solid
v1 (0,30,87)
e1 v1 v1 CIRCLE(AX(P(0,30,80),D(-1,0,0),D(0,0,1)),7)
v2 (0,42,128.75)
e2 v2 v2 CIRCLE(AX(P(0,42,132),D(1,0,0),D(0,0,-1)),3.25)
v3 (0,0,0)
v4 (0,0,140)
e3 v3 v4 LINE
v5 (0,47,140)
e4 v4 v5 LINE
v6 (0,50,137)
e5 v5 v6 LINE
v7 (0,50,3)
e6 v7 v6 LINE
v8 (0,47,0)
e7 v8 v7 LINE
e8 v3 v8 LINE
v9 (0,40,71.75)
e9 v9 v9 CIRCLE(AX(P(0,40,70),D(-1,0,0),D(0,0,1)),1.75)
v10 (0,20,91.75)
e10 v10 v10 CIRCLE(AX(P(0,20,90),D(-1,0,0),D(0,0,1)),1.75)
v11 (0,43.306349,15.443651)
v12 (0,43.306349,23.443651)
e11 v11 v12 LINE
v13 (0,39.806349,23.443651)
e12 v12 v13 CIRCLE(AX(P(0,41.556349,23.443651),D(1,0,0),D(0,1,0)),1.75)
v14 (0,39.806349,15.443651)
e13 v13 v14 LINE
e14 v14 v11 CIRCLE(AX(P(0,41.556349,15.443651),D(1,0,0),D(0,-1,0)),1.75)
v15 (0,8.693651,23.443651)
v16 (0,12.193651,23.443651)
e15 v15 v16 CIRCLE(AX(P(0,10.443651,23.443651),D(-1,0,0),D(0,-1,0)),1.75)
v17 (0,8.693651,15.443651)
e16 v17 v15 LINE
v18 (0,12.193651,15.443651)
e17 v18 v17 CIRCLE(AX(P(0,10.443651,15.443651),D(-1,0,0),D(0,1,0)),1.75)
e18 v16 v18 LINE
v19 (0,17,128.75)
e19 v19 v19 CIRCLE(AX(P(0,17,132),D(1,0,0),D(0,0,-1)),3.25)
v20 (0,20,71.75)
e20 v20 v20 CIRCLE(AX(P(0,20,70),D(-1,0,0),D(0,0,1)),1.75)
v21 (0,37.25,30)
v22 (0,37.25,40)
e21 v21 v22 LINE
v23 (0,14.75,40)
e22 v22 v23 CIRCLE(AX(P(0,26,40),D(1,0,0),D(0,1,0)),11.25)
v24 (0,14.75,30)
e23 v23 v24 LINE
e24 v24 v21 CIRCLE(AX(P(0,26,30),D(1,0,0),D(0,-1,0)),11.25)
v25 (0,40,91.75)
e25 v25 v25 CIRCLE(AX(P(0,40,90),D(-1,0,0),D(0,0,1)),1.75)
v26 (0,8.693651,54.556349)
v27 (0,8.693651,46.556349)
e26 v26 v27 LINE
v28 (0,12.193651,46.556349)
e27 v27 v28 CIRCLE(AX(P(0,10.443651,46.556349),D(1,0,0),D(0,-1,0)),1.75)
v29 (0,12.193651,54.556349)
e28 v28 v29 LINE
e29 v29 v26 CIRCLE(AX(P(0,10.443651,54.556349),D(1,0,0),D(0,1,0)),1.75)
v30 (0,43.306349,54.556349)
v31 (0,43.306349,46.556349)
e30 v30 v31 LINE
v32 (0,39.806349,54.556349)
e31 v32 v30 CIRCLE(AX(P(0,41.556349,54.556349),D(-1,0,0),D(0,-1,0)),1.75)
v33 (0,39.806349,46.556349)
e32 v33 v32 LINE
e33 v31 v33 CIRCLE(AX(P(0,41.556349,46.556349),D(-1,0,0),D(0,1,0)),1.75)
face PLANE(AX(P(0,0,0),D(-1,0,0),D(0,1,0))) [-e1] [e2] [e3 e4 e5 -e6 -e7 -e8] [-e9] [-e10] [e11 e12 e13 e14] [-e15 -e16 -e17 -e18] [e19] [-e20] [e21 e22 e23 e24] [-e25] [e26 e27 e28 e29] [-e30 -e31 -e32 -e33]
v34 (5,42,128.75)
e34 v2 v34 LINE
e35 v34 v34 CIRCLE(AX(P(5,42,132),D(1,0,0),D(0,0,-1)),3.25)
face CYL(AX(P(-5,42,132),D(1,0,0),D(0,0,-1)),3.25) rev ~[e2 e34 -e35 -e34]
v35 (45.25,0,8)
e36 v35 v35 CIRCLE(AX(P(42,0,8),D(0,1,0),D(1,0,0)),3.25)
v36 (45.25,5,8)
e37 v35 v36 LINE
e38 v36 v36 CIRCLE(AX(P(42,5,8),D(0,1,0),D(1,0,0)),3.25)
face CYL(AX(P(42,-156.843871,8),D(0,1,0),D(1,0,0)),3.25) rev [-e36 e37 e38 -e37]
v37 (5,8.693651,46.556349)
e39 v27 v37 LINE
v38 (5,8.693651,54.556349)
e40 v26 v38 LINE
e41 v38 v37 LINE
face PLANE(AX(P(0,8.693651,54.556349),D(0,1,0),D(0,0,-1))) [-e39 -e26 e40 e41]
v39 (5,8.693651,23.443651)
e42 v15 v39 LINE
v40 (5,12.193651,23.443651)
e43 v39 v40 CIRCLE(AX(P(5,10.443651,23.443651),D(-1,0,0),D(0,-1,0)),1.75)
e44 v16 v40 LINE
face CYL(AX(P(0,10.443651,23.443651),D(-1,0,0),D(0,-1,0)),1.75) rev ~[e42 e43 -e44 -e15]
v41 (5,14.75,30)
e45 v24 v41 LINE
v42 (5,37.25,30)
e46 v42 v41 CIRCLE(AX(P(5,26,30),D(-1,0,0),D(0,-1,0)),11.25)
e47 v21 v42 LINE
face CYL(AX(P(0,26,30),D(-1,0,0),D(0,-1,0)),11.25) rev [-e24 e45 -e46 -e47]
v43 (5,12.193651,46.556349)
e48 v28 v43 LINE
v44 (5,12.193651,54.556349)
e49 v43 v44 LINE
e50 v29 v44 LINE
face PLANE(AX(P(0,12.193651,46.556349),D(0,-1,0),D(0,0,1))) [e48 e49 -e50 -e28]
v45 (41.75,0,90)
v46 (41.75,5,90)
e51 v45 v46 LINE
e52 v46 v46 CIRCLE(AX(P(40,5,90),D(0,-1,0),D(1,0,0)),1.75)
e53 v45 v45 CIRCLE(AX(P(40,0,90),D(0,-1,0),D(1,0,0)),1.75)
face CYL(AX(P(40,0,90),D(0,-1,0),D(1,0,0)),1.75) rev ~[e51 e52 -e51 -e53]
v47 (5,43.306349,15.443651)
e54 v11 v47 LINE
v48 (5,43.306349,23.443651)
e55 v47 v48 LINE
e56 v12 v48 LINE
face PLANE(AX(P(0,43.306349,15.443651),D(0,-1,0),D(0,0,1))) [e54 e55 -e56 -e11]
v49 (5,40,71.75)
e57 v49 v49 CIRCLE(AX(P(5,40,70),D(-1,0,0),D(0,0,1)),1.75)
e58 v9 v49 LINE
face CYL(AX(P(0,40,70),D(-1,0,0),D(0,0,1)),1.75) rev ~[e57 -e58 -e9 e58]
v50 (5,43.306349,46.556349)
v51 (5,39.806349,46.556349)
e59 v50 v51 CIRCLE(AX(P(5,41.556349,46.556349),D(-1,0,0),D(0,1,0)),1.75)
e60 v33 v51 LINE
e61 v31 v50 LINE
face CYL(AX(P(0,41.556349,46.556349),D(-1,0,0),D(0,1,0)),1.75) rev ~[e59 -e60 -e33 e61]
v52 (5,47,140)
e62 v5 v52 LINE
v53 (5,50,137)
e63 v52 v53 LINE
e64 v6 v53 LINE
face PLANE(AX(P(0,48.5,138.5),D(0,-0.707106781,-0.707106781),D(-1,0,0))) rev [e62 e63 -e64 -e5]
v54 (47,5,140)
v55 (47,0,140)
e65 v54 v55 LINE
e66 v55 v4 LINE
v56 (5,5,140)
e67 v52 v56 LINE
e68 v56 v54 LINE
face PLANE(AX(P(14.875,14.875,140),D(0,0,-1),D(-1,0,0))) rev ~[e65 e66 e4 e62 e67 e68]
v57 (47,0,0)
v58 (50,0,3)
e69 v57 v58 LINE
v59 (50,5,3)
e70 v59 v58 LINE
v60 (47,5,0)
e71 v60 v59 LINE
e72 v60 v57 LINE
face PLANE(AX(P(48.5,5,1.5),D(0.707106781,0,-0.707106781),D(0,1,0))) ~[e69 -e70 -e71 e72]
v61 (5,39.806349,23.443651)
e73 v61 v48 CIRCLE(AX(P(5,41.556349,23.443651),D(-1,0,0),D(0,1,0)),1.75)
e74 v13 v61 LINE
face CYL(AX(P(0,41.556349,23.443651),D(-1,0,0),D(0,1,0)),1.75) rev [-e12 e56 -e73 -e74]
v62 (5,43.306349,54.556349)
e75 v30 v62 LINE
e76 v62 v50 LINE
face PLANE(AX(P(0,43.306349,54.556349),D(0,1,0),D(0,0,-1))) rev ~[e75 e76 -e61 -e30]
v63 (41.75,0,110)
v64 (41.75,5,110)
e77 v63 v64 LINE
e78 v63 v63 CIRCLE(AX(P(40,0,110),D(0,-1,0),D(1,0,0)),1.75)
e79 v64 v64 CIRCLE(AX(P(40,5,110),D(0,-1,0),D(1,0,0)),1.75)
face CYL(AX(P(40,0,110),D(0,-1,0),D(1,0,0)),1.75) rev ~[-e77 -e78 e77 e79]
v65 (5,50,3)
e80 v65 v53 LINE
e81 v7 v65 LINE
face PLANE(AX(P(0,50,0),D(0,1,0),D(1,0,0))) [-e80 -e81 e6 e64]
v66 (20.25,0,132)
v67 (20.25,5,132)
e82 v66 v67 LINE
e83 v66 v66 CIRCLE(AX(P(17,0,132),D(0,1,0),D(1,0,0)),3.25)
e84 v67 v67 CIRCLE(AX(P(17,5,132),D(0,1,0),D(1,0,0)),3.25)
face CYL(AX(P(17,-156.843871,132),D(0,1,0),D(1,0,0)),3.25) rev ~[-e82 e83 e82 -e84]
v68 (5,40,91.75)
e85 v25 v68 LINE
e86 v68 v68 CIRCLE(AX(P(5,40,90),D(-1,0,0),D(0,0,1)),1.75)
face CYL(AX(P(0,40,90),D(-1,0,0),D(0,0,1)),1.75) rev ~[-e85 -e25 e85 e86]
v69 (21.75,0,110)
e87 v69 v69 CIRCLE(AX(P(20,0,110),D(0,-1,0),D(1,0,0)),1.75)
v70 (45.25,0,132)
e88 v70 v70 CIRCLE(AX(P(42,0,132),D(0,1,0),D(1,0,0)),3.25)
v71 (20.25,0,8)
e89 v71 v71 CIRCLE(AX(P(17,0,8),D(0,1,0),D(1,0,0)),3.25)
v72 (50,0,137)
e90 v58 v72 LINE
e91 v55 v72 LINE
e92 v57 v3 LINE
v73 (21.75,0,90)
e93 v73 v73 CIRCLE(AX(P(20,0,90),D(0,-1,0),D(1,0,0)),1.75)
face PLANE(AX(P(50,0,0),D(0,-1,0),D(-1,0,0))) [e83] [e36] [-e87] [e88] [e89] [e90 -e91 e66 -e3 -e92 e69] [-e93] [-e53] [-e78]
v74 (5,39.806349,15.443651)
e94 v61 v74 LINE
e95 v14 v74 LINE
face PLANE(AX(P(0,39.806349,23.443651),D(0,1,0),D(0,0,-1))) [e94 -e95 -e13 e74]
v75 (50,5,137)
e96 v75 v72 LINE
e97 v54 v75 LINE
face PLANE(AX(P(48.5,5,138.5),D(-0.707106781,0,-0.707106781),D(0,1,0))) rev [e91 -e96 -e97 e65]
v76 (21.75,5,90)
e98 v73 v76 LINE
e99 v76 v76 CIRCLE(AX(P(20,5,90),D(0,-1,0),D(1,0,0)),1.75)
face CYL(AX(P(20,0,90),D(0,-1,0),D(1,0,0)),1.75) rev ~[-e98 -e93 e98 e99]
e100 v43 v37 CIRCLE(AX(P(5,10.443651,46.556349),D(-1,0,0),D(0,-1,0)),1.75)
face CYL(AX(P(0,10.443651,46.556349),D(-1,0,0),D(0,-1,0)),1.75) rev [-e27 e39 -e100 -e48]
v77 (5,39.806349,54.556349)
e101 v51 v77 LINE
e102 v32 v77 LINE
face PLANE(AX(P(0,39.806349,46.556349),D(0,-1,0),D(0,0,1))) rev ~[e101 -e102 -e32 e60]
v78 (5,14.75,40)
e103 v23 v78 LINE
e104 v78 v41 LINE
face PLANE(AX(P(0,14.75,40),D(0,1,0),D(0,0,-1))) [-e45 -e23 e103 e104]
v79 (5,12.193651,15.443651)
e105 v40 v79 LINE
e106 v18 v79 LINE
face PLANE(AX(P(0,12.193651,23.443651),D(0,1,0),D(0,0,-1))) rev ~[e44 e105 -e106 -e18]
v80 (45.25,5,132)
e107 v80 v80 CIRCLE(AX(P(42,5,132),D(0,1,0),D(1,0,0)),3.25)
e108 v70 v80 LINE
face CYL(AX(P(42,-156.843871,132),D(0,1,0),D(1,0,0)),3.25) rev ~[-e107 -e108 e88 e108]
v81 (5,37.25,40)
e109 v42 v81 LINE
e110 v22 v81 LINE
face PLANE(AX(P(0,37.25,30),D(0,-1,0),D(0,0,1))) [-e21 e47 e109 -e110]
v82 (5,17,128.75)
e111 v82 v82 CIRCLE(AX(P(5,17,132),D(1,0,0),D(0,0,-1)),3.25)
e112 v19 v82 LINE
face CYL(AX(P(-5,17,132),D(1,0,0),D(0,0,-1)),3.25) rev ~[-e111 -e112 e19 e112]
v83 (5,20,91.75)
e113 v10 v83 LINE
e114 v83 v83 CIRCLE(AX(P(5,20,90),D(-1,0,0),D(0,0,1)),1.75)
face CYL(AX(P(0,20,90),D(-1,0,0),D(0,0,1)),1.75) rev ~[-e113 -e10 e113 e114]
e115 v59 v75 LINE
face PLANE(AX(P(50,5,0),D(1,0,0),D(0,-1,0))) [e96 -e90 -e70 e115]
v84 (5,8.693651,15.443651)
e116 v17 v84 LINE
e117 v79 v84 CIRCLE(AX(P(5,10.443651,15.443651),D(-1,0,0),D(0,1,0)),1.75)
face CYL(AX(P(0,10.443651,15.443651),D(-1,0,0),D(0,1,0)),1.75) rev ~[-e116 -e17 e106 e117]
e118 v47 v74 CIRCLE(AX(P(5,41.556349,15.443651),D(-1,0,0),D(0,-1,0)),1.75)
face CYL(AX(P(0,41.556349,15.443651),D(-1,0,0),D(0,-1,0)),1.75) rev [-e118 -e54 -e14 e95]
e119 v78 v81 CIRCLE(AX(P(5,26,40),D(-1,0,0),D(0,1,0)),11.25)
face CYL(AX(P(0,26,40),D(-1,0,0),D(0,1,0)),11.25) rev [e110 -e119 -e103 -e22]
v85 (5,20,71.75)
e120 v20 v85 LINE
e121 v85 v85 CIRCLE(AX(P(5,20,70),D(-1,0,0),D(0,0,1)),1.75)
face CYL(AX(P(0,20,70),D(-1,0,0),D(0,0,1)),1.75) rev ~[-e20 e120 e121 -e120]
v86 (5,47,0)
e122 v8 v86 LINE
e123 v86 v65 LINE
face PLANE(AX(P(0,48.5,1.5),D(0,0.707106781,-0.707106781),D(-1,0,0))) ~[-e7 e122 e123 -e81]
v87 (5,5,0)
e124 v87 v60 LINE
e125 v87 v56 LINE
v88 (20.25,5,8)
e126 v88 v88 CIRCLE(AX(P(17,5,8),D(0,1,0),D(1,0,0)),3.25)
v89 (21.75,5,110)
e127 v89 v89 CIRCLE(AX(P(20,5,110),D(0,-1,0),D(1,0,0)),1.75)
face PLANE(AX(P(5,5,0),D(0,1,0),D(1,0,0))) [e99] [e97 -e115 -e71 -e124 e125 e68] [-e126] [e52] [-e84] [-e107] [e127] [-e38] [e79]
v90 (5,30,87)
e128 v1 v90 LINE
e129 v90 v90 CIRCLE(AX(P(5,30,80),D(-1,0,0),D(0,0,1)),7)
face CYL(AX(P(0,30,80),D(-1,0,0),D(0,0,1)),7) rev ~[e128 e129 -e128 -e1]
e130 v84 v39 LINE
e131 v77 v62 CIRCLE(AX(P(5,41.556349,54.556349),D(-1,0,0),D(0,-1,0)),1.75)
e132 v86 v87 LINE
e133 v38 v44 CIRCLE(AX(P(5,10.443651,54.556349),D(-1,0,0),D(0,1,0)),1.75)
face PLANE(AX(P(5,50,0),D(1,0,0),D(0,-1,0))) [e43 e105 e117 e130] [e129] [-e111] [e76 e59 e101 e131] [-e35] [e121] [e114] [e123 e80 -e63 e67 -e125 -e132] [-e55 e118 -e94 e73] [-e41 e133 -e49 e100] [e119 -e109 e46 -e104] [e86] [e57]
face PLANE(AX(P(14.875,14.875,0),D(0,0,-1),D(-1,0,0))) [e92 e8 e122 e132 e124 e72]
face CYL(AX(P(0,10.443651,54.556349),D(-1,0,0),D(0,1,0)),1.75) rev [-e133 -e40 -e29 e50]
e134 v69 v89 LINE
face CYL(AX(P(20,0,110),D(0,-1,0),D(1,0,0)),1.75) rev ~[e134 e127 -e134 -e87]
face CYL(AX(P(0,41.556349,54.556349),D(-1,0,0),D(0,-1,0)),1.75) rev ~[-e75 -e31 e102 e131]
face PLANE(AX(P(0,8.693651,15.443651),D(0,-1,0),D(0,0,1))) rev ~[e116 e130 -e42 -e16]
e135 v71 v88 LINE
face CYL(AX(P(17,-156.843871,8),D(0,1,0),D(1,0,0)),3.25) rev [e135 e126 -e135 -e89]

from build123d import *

# Parameters (mm, degrees)
ESTRUSIONE_ESTRUSIONE1_DEPTH = 140
FORO_6_5_6_5_1_D             = 6.5
FORO_6_5_6_5_2_D             = 6.5
FORO_6_5_6_5_2_DEPTH         = 5
FORO_6_5_6_5_2_TIP           = 1.952797012
TAGLIO_ESTRUSIONE3_REACH     = 158.844
SCHIZZO10_R                  = 1.75
SCHIZZO10_R_2                = 7
TAGLIO_ESTRUSIONE4_REACH     = 158.844
SCHIZZO11_R                  = 1.75
TAGLIO_ESTRUSIONE6_REACH     = 158.844
SMUSSO1_SIZE                 = 3


with BuildPart() as part:
    # Schizzo1 → Estrusione-Estrusione1 (new body)
    with BuildSketch(Plane.XY):
        Polygon((0, 0), (0, 50), (5, 50), (5, 5), (50, 5), (50, 0), align=None)
    extrude(amount=ESTRUSIONE_ESTRUSIONE1_DEPTH)

    # Foro Ø6.5 (6.5)-1 (through all)
    with Locations(Plane(origin=(0, 0, 0), x_dir=(-1, 0, 0), z_dir=(0, -1, 0))):
        with Locations((-17, -132), (-42, -132)):
            foro_6_5_6_5_1 = Hole(FORO_6_5_6_5_1_D / 2)

    # Foro Ø6.5 (6.5)-2
    with Locations(Plane.ZY):
        with Locations((132, 42), (132, 17)):
            Hole(FORO_6_5_6_5_2_D / 2, depth=FORO_6_5_6_5_2_DEPTH)
            with Locations((0, 0, -(FORO_6_5_6_5_2_DEPTH + FORO_6_5_6_5_2_TIP / 2))):  # 118° drill point
                Cone(0, FORO_6_5_6_5_2_D / 2, FORO_6_5_6_5_2_TIP, mode=Mode.SUBTRACT)

    # Specchia1: Foro Ø6.5 (6.5)-1 across plane
    add(foro_6_5_6_5_1.mirror(Plane.XY.offset(70)), mode=Mode.SUBTRACT)

    # Schizzo10 → Taglio-Estrusione3 (cut, up to next)
    with BuildSketch(Plane.ZY, mode=Mode.PRIVATE) as taglio_estrusione3_sk1:
        with Locations((70, 40)):
            Circle(SCHIZZO10_R)
    taglio_estrusione3_tool1 = extrude(taglio_estrusione3_sk1.sketch, amount=-TAGLIO_ESTRUSIONE3_REACH, mode=Mode.PRIVATE) & part.part
    # Schizzo10 → Taglio-Estrusione3 (cut, up to next)
    with BuildSketch(Plane.ZY, mode=Mode.PRIVATE) as taglio_estrusione3_sk2:
        with Locations((90, 40)):
            Circle(SCHIZZO10_R)
    taglio_estrusione3_tool2 = extrude(taglio_estrusione3_sk2.sketch, amount=-TAGLIO_ESTRUSIONE3_REACH, mode=Mode.PRIVATE) & part.part
    # Schizzo10 → Taglio-Estrusione3 (cut, up to next)
    with BuildSketch(Plane.ZY, mode=Mode.PRIVATE) as taglio_estrusione3_sk3:
        with Locations((90, 20)):
            Circle(SCHIZZO10_R)
    taglio_estrusione3_tool3 = extrude(taglio_estrusione3_sk3.sketch, amount=-TAGLIO_ESTRUSIONE3_REACH, mode=Mode.PRIVATE) & part.part
    # Schizzo10 → Taglio-Estrusione3 (cut, up to next)
    with BuildSketch(Plane.ZY, mode=Mode.PRIVATE) as taglio_estrusione3_sk4:
        with Locations((70, 20)):
            Circle(SCHIZZO10_R)
    taglio_estrusione3_tool4 = extrude(taglio_estrusione3_sk4.sketch, amount=-TAGLIO_ESTRUSIONE3_REACH, mode=Mode.PRIVATE) & part.part
    # Schizzo10 → Taglio-Estrusione3 (cut, up to next)
    with BuildSketch(Plane.ZY, mode=Mode.PRIVATE) as taglio_estrusione3_sk5:
        with Locations((80, 30)):
            Circle(SCHIZZO10_R_2)
    taglio_estrusione3_tool5 = extrude(taglio_estrusione3_sk5.sketch, amount=-TAGLIO_ESTRUSIONE3_REACH, mode=Mode.PRIVATE) & part.part
    add(taglio_estrusione3_tool1.solids().sort_by_distance((0, 40, 70))[0], mode=Mode.SUBTRACT)
    add(taglio_estrusione3_tool2.solids().sort_by_distance((0, 40, 90))[0], mode=Mode.SUBTRACT)
    add(taglio_estrusione3_tool3.solids().sort_by_distance((0, 20, 90))[0], mode=Mode.SUBTRACT)
    add(taglio_estrusione3_tool4.solids().sort_by_distance((0, 20, 70))[0], mode=Mode.SUBTRACT)
    add(taglio_estrusione3_tool5.solids().sort_by_distance((0, 30, 80))[0], mode=Mode.SUBTRACT)

    # Schizzo11 → Taglio-Estrusione4 (cut, up to next)
    with BuildSketch(Plane.XZ, mode=Mode.PRIVATE) as taglio_estrusione4_sk1:
        with Locations((20, 90)):
            Circle(SCHIZZO11_R)
    taglio_estrusione4_tool1 = extrude(taglio_estrusione4_sk1.sketch, amount=-TAGLIO_ESTRUSIONE4_REACH, mode=Mode.PRIVATE) & part.part
    # Schizzo11 → Taglio-Estrusione4 (cut, up to next)
    with BuildSketch(Plane.XZ, mode=Mode.PRIVATE) as taglio_estrusione4_sk2:
        with Locations((20, 110)):
            Circle(SCHIZZO11_R)
    taglio_estrusione4_tool2 = extrude(taglio_estrusione4_sk2.sketch, amount=-TAGLIO_ESTRUSIONE4_REACH, mode=Mode.PRIVATE) & part.part
    # Schizzo11 → Taglio-Estrusione4 (cut, up to next)
    with BuildSketch(Plane.XZ, mode=Mode.PRIVATE) as taglio_estrusione4_sk3:
        with Locations((40, 110)):
            Circle(SCHIZZO11_R)
    taglio_estrusione4_tool3 = extrude(taglio_estrusione4_sk3.sketch, amount=-TAGLIO_ESTRUSIONE4_REACH, mode=Mode.PRIVATE) & part.part
    # Schizzo11 → Taglio-Estrusione4 (cut, up to next)
    with BuildSketch(Plane.XZ, mode=Mode.PRIVATE) as taglio_estrusione4_sk4:
        with Locations((40, 90)):
            Circle(SCHIZZO11_R)
    taglio_estrusione4_tool4 = extrude(taglio_estrusione4_sk4.sketch, amount=-TAGLIO_ESTRUSIONE4_REACH, mode=Mode.PRIVATE) & part.part
    add(taglio_estrusione4_tool1.solids().sort_by_distance((20, 0, 90))[0], mode=Mode.SUBTRACT)
    add(taglio_estrusione4_tool2.solids().sort_by_distance((20, 0, 110))[0], mode=Mode.SUBTRACT)
    add(taglio_estrusione4_tool3.solids().sort_by_distance((40, 0, 110))[0], mode=Mode.SUBTRACT)
    add(taglio_estrusione4_tool4.solids().sort_by_distance((40, 0, 90))[0], mode=Mode.SUBTRACT)

    # Schizzo13 → Taglio-Estrusione6 (cut, up to next)
    with BuildSketch(Plane.ZY, mode=Mode.PRIVATE) as taglio_estrusione6_sk1:
        with BuildLine():
            Line((15.443650814, 43.306349186), (23.443650814, 43.306349186))
            ThreePointArc((23.443650814, 43.306349186), (25.193650814, 41.556349186), (23.443650814, 39.806349186))
            Line((23.443650814, 39.806349186), (15.443650814, 39.806349186))
            ThreePointArc((15.443650814, 39.806349186), (13.693650814, 41.556349186), (15.443650814, 43.306349186))
        make_face()
    taglio_estrusione6_tool1 = extrude(taglio_estrusione6_sk1.sketch, amount=-TAGLIO_ESTRUSIONE6_REACH, mode=Mode.PRIVATE) & part.part
    # Schizzo13 → Taglio-Estrusione6 (cut, up to next)
    with BuildSketch(Plane.ZY, mode=Mode.PRIVATE) as taglio_estrusione6_sk2:
        with BuildLine():
            Line((15.443650814, 8.693650814), (23.443650814, 8.693650814))
            ThreePointArc((23.443650814, 8.693650814), (25.193650814, 10.443650814), (23.443650814, 12.193650814))
            Line((23.443650814, 12.193650814), (15.443650814, 12.193650814))
            ThreePointArc((15.443650814, 12.193650814), (13.693650814, 10.443650814), (15.443650814, 8.693650814))
        make_face()
    taglio_estrusione6_tool2 = extrude(taglio_estrusione6_sk2.sketch, amount=-TAGLIO_ESTRUSIONE6_REACH, mode=Mode.PRIVATE) & part.part
    # Schizzo13 → Taglio-Estrusione6 (cut, up to next)
    with BuildSketch(Plane.ZY, mode=Mode.PRIVATE) as taglio_estrusione6_sk3:
        with BuildLine():
            Line((54.556349186, 43.306349186), (46.556349186, 43.306349186))
            ThreePointArc((46.556349186, 43.306349186), (44.806349186, 41.556349186), (46.556349186, 39.806349186))
            Line((46.556349186, 39.806349186), (54.556349186, 39.806349186))
            ThreePointArc((54.556349186, 39.806349186), (56.306349186, 41.556349186), (54.556349186, 43.306349186))
        make_face()
    taglio_estrusione6_tool3 = extrude(taglio_estrusione6_sk3.sketch, amount=-TAGLIO_ESTRUSIONE6_REACH, mode=Mode.PRIVATE) & part.part
    # Schizzo13 → Taglio-Estrusione6 (cut, up to next)
    with BuildSketch(Plane.ZY, mode=Mode.PRIVATE) as taglio_estrusione6_sk4:
        with BuildLine():
            Line((54.556349186, 8.693650814), (46.556349186, 8.693650814))
            ThreePointArc((46.556349186, 8.693650814), (44.806349186, 10.443650814), (46.556349186, 12.193650814))
            Line((46.556349186, 12.193650814), (54.556349186, 12.193650814))
            ThreePointArc((54.556349186, 12.193650814), (56.306349186, 10.443650814), (54.556349186, 8.693650814))
        make_face()
    taglio_estrusione6_tool4 = extrude(taglio_estrusione6_sk4.sketch, amount=-TAGLIO_ESTRUSIONE6_REACH, mode=Mode.PRIVATE) & part.part
    # Schizzo13 → Taglio-Estrusione6 (cut, up to next)
    with BuildSketch(Plane.ZY, mode=Mode.PRIVATE) as taglio_estrusione6_sk5:
        with BuildLine():
            Line((40, 14.75), (30, 14.75))
            ThreePointArc((30, 14.75), (18.75, 26), (30, 37.25))
            Line((30, 37.25), (40, 37.25))
            ThreePointArc((40, 37.25), (51.25, 26), (40, 14.75))
        make_face()
    taglio_estrusione6_tool5 = extrude(taglio_estrusione6_sk5.sketch, amount=-TAGLIO_ESTRUSIONE6_REACH, mode=Mode.PRIVATE) & part.part
    add(taglio_estrusione6_tool1.solids().sort_by_distance((0, 41.556349, 19.443651))[0], mode=Mode.SUBTRACT)
    add(taglio_estrusione6_tool2.solids().sort_by_distance((0, 10.443651, 19.443651))[0], mode=Mode.SUBTRACT)
    add(taglio_estrusione6_tool3.solids().sort_by_distance((0, 41.556349, 50.556349))[0], mode=Mode.SUBTRACT)
    add(taglio_estrusione6_tool4.solids().sort_by_distance((0, 10.443651, 50.556349))[0], mode=Mode.SUBTRACT)
    add(taglio_estrusione6_tool5.solids().sort_by_distance((0, 26, 35))[0], mode=Mode.SUBTRACT)

    # Smusso1
    smusso1_edges = [part.edges().sort_by_distance(p)[0] for p in [
        (2.5, 50, 140),
        (2.5, 50, 0),
        (50, 2.5, 140),
        (50, 2.5, 0),
    ]]
    chamfer(smusso1_edges, length=SMUSSO1_SIZE)


solid = part.part
